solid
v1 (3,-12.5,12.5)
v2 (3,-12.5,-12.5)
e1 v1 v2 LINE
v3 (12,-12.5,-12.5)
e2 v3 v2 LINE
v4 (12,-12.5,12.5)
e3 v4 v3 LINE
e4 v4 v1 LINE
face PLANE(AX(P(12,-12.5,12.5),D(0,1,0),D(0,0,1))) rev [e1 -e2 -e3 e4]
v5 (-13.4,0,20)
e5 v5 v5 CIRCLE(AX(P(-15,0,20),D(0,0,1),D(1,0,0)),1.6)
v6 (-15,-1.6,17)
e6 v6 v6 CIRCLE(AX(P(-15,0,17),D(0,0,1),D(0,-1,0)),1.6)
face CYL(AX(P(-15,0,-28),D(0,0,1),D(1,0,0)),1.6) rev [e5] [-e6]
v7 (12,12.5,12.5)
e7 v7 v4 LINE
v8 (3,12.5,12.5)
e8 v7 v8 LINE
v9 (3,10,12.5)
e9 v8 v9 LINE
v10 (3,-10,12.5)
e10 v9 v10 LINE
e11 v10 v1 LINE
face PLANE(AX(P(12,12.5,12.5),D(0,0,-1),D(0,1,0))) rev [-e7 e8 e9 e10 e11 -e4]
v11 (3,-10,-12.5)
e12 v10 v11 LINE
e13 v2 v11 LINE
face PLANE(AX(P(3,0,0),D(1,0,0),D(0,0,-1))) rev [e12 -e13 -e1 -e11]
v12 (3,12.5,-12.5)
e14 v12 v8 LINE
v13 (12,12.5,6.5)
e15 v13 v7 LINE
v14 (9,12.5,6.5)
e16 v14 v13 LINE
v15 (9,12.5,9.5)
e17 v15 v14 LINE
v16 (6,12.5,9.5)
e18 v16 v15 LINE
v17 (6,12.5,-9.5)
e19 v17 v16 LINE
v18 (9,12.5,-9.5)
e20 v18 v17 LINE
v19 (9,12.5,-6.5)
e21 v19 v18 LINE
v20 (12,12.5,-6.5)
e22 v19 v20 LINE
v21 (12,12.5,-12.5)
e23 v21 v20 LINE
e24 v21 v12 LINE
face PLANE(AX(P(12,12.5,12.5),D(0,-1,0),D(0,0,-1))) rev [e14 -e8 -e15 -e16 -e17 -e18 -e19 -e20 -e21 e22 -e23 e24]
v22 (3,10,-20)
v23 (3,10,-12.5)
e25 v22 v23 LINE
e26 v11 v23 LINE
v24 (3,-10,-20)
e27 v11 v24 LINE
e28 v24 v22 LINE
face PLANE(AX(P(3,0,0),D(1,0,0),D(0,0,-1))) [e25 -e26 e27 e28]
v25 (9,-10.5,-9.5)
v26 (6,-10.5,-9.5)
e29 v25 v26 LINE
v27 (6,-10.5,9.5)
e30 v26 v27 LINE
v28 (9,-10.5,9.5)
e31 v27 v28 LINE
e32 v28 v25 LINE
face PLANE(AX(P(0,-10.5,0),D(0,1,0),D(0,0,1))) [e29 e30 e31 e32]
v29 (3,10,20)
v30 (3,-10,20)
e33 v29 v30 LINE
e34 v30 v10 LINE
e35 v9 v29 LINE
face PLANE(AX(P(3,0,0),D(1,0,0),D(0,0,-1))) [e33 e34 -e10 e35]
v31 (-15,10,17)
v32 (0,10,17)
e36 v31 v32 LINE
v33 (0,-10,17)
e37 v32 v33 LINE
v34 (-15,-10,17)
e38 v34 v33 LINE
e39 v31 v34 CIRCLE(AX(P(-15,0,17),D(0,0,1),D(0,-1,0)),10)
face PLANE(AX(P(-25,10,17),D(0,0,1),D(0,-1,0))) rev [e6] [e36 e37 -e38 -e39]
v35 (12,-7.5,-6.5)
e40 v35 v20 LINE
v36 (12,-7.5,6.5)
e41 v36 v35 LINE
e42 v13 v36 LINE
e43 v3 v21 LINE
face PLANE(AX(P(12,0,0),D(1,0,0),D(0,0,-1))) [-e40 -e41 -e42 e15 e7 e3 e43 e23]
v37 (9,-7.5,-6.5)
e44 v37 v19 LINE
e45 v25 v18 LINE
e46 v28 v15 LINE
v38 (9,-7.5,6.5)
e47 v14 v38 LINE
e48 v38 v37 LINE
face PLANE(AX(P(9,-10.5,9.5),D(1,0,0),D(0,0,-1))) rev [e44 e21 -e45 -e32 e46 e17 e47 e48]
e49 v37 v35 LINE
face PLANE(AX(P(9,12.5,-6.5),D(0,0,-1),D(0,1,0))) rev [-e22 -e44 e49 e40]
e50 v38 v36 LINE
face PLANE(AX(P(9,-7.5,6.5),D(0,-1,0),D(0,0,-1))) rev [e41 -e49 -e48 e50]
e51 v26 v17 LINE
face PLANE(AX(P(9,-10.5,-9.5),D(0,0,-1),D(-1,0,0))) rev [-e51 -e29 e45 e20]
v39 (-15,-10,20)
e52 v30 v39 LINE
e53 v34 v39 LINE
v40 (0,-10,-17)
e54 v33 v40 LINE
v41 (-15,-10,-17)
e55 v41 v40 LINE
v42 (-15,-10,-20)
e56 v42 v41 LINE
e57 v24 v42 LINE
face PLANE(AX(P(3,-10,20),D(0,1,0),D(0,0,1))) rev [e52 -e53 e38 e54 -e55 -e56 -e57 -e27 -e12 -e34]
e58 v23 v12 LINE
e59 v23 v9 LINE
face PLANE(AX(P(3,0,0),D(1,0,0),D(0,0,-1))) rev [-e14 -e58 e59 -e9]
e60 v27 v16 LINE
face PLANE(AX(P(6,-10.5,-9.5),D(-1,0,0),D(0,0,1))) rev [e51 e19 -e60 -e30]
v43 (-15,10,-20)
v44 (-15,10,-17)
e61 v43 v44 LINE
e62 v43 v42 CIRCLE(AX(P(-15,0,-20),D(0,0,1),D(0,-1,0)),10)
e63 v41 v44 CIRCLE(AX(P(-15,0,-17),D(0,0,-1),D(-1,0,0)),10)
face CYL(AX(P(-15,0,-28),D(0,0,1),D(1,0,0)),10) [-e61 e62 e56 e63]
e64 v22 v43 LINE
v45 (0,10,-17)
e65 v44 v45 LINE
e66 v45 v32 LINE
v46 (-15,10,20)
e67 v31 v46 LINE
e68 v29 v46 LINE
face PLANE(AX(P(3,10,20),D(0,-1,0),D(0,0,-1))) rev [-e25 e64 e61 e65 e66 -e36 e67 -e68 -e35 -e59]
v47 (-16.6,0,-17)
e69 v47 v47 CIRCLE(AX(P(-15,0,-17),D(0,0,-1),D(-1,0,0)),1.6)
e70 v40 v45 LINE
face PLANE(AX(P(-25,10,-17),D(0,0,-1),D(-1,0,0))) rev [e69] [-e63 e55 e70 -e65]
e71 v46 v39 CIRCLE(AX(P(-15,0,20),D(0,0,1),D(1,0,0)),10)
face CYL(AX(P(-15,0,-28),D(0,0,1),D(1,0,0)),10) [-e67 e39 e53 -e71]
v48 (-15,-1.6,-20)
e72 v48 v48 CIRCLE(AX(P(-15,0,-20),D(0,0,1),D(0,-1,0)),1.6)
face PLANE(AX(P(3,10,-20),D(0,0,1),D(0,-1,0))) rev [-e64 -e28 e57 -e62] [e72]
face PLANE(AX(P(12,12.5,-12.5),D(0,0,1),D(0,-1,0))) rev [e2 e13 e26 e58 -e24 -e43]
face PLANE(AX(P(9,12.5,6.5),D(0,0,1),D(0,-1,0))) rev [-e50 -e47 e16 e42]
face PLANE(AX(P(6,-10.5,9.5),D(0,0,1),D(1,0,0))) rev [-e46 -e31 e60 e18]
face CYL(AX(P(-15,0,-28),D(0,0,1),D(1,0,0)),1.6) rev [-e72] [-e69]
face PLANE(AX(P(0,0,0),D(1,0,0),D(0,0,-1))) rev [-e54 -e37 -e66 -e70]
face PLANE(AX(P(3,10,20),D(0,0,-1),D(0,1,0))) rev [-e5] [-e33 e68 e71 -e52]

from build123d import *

# Parameters (mm, degrees)
ESQUISSE1_W             = 40
ESQUISSE1_H             = 20
BOSS_EXTRU_1_DEPTH      = 3
ESQUISSE2_W             = 3
ESQUISSE2_H             = 20
BOSS_EXTRU_2_DEPTH      = 25
ENL_V_MAT_EXTRU_1_DEPTH = 48
ESQUISSE4_R             = 1.6
ENL_V_MAT_EXTRU_2_DEPTH = 48
ESQUISSE5_W             = 25
ESQUISSE5_H             = 25
BOSS_EXTRU_3_DEPTH      = 9
ESQUISSE6_W             = 3
ESQUISSE6_H             = 19
ENL_V_MAT_EXTRU_4_DEPTH = 23
ESQUISSE8_W             = 13
ESQUISSE8_H             = 20
ENL_V_MAT_EXTRU_5_DEPTH = 3


with BuildPart() as part:
    # Esquisse1 → Boss.-Extru.1 (new body)
    with BuildSketch(Plane(origin=(0, 0, 0), x_dir=(0, 0, -1), z_dir=(1, 0, 0))):
        Rectangle(ESQUISSE1_W, ESQUISSE1_H)
    extrude(amount=BOSS_EXTRU_1_DEPTH)

    # Esquisse2 → Boss.-Extru.2 (add)
    with BuildSketch(Plane.ZY):
        with Locations((-18.5, 0)):
            Rectangle(ESQUISSE2_W, ESQUISSE2_H)
        with Locations((18.5, 0)):
            Rectangle(ESQUISSE2_W, ESQUISSE2_H)
    extrude(amount=BOSS_EXTRU_2_DEPTH)

    # Esquisse3 → Enlèv. mat.-Extru.1 (cut)
    with BuildSketch(Plane.XY.offset(20)):
        with BuildLine():
            ThreePointArc((-25, 2.7e-08), (-22.071067802, 7.071067821), (-15, 10))
            Line((-15, 10), (-25, 10))
            Line((-25, 10), (-25, 2.7e-08))
        make_face()
        with BuildLine():
            ThreePointArc((-15, -10), (-22.071067821, -7.071067802), (-25, 2.7e-08))
            Line((-25, 2.7e-08), (-25, -10))
            Line((-25, -10), (-15, -10))
        make_face()
    extrude(amount=-ENL_V_MAT_EXTRU_1_DEPTH, mode=Mode.SUBTRACT)

    # Esquisse4 → Enlèv. mat.-Extru.2 (cut)
    with BuildSketch(Plane.XY.offset(20)):
        with Locations((-15, 0)):
            Circle(ESQUISSE4_R)
    extrude(amount=-ENL_V_MAT_EXTRU_2_DEPTH, mode=Mode.SUBTRACT)

    # Esquisse5 → Boss.-Extru.3 (add)
    with BuildSketch(Plane(origin=(3, 0, 0), x_dir=(0, 0, -1), z_dir=(1, 0, 0))):
        Rectangle(ESQUISSE5_W, ESQUISSE5_H)
    extrude(amount=BOSS_EXTRU_3_DEPTH)

    # Esquisse6 → Enlèv. mat.-Extru.4 (cut)
    with BuildSketch(Plane(origin=(0, 12.5, 0), x_dir=(1, 0, 0), z_dir=(0, 1, 0))):
        with Locations((7.5, 0)):
            Rectangle(ESQUISSE6_W, ESQUISSE6_H)
    extrude(amount=-ENL_V_MAT_EXTRU_4_DEPTH, mode=Mode.SUBTRACT)

    # Esquisse8 → Enlèv. mat.-Extru.5 (cut)
    with BuildSketch(Plane(origin=(12, 0, 0), x_dir=(0, 0, -1), z_dir=(1, 0, 0))):
        with Locations((0, 2.5)):
            Rectangle(ESQUISSE8_W, ESQUISSE8_H)
    extrude(amount=-ENL_V_MAT_EXTRU_5_DEPTH, mode=Mode.SUBTRACT)


solid = part.part
